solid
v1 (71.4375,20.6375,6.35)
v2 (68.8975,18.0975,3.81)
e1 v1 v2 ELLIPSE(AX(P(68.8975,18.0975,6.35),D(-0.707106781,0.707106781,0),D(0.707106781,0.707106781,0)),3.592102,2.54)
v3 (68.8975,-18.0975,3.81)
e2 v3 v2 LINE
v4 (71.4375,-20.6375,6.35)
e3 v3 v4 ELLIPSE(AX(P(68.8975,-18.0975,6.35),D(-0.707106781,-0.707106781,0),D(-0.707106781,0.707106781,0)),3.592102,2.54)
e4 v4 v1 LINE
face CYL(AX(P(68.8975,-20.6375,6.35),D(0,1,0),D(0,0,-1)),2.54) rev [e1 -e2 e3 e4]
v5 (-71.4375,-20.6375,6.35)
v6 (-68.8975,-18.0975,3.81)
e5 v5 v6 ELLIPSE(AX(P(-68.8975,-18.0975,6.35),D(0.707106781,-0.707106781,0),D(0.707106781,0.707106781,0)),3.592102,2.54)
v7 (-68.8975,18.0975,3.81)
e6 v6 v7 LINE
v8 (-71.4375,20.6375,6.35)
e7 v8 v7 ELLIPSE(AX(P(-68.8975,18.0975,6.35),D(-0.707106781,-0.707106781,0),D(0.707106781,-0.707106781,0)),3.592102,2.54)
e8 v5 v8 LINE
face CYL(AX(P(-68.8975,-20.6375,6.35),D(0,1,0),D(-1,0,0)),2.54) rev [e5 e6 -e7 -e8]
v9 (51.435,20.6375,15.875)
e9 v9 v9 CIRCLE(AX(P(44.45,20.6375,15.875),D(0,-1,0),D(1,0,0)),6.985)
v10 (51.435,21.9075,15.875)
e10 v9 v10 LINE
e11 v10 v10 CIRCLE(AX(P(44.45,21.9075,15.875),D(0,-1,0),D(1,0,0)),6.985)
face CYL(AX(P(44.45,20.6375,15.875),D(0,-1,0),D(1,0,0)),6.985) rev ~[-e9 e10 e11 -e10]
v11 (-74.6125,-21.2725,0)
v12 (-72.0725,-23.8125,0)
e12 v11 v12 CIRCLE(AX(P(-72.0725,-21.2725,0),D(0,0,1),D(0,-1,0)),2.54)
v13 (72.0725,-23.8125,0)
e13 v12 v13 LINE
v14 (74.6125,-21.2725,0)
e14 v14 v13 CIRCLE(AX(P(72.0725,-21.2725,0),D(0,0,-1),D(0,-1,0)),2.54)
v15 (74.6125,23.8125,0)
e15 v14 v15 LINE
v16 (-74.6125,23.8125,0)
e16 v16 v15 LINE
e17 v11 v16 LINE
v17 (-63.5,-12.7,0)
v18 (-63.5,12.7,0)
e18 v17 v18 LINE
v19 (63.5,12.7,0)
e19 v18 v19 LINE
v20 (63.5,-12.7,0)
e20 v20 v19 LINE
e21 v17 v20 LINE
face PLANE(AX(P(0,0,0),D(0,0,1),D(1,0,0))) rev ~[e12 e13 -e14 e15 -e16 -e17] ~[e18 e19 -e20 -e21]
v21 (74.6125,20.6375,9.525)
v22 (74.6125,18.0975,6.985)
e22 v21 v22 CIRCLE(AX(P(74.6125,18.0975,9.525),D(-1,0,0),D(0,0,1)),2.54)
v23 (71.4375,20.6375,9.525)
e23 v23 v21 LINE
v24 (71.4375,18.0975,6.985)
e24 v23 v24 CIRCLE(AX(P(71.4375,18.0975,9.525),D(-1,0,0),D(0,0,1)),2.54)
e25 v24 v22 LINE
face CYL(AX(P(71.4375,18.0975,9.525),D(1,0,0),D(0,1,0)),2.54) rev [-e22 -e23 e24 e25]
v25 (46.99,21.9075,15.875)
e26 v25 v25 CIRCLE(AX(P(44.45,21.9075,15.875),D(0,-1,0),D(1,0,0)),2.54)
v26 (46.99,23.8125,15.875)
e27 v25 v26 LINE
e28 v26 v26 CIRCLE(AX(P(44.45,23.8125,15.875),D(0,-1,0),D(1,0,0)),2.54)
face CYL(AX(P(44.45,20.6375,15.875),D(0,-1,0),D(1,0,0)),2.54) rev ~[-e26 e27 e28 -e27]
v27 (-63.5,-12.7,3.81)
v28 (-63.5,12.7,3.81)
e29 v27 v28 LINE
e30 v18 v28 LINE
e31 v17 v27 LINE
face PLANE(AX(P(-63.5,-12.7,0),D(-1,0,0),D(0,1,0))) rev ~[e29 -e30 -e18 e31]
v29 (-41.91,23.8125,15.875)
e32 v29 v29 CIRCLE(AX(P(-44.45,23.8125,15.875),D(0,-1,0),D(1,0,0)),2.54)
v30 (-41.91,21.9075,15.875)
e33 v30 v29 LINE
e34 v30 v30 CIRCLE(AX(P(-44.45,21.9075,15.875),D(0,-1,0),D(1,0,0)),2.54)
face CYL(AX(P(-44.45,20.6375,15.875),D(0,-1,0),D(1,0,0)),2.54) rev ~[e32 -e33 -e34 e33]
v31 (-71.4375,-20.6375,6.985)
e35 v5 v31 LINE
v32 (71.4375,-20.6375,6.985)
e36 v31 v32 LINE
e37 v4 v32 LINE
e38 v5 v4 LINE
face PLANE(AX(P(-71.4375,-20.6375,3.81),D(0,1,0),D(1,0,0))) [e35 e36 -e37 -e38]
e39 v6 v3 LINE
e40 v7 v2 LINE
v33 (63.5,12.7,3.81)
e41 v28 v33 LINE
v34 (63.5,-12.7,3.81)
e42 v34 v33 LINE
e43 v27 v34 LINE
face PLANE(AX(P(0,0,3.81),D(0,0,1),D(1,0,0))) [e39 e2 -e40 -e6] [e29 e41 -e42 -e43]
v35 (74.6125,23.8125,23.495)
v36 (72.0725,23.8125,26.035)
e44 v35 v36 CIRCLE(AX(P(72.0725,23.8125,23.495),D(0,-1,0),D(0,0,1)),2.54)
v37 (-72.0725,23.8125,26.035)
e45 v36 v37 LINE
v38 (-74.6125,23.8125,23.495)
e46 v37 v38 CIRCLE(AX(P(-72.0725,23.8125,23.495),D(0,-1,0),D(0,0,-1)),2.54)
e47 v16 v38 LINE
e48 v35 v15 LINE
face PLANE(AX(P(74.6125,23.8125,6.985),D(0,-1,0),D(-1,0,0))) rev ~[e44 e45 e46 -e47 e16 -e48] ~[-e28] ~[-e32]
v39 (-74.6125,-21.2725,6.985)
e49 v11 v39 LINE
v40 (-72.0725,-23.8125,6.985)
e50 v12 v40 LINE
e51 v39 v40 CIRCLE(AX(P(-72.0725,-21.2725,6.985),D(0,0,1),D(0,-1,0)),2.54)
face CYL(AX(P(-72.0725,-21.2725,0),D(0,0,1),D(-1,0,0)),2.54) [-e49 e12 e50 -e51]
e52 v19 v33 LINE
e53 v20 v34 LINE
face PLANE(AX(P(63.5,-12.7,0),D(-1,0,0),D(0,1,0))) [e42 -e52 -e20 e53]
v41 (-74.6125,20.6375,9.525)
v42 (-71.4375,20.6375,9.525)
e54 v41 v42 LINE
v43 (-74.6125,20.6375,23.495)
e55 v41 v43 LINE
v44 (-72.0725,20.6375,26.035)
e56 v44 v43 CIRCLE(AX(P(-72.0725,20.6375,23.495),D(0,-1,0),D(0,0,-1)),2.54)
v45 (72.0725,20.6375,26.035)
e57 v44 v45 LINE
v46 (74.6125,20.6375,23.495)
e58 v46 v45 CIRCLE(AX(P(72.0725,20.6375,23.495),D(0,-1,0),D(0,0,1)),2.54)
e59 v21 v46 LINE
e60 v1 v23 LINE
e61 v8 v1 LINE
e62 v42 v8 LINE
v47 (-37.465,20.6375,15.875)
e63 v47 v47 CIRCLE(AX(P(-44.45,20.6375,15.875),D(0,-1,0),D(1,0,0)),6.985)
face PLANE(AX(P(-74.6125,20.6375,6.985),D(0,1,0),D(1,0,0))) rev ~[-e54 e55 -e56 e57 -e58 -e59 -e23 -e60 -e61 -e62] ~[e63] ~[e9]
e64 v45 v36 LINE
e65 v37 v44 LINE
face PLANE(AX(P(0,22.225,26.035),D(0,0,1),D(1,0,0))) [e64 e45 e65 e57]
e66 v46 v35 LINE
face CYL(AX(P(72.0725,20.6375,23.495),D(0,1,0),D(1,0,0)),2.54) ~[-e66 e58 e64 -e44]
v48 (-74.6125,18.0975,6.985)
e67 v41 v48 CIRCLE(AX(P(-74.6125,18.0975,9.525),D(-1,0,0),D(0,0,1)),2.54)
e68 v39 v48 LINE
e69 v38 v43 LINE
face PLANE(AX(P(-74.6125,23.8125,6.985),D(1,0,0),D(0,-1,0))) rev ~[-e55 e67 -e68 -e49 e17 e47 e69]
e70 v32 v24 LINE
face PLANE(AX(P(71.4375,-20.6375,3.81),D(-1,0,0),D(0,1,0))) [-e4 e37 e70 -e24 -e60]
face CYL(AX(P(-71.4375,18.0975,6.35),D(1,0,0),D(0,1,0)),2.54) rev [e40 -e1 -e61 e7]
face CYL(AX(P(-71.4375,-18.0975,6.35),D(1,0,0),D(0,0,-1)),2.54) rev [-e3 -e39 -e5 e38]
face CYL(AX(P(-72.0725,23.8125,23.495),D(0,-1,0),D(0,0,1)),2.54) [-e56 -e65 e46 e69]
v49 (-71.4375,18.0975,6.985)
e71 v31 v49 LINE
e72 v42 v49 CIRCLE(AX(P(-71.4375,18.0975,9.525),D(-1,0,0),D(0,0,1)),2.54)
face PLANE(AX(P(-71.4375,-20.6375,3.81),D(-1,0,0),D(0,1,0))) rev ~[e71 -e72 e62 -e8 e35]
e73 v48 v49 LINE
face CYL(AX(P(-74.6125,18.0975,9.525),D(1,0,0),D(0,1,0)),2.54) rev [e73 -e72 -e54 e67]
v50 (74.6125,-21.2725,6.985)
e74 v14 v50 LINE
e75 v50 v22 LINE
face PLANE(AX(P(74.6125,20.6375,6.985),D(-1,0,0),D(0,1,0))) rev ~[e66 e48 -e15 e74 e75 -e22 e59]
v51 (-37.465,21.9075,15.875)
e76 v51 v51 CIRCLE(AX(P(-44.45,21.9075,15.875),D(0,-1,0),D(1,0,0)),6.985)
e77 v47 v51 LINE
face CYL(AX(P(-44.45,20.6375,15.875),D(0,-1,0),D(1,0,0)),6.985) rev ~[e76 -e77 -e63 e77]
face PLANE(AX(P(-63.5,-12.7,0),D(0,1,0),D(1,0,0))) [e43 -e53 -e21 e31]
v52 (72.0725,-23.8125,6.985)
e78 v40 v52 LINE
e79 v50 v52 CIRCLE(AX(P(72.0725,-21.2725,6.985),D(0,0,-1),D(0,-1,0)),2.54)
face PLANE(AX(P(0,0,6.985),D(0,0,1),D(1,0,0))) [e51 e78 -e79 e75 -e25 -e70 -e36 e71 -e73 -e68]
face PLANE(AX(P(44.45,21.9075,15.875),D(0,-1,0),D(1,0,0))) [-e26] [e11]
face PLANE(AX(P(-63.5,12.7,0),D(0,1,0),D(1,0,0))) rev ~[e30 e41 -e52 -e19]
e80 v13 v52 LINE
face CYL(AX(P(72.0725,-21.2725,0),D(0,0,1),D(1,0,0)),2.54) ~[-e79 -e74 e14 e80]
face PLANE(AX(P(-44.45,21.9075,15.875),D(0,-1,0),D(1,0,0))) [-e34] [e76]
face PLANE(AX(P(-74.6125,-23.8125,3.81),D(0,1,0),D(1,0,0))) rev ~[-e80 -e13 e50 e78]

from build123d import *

# Parameters (mm, degrees)
F0_W     = 149.225
F0_H     = 47.625
F0_W_2   = 127
F0_H_2   = 25.4
F1_DEPTH = 3.81
F2_W     = 149.225
F2_H     = 47.625
F2_W_2   = 142.875
F2_H_2   = 41.275
F3_DEPTH = 3.175
F5_DEPTH = 19.05
F6_R     = 2.54
F7_DEPTH = 25.4
F6_R_2   = 6.985
F8_DEPTH = 1.27
F9_R     = 2.54


with BuildPart() as f1:
    # F0 (on Top) → F1 (new body)
    with BuildSketch(Plane.XY):
        Rectangle(F0_W, F0_H)
        Rectangle(F0_W_2, F0_H_2, mode=Mode.SUBTRACT)
    extrude(amount=F1_DEPTH)

    # F2 (on face) → F3 (join)
    with BuildSketch(Plane.XY.offset(3.81)):
        Rectangle(F2_W, F2_H)
        Rectangle(F2_W_2, F2_H_2, mode=Mode.SUBTRACT)
    extrude(amount=F3_DEPTH)

    # F4 (on face) → F5 (join)
    with BuildSketch(Plane.XY.offset(6.985)):
        Polygon((74.6125, 23.8125), (-74.6125, 23.8125), (-74.6125, 20.6375), (-71.4375, 20.6375), (71.4375, 20.6375), (74.6125, 20.6375), align=None)
    extrude(amount=F5_DEPTH)

    # F6 (on face) → F7 (cut)
    with BuildSketch(Plane.XZ.offset(-20.6375)):
        with Locations((-44.45, 15.875)):
            Circle(F6_R)
        with Locations((44.45, 15.875)):
            Circle(F6_R)
    extrude(amount=-F7_DEPTH, mode=Mode.SUBTRACT)

    # F6 (on face) → F8 (cut)
    with BuildSketch(Plane.XZ.offset(-20.6375)):
        with Locations((-44.45, 15.875)):
            Circle(F6_R_2)
        with Locations((-44.45, 15.875)):
            Circle(F6_R, mode=Mode.SUBTRACT)
        with Locations((44.45, 15.875)):
            Circle(F6_R_2)
        with Locations((44.45, 15.875)):
            Circle(F6_R, mode=Mode.SUBTRACT)
    extrude(amount=-F8_DEPTH, mode=Mode.SUBTRACT)

    # F9
    f9_edges = [f1.edges().sort_by_distance(p)[0] for p in [
        (-73.025, 20.6375, 6.985),
        (73.025, 20.6375, 6.985),
        (0, 20.6375, 3.81),
        (74.6125, 22.225, 26.035),
        (-74.6125, 22.225, 26.035),
        (-74.6125, -23.8125, 3.4925),
        (74.6125, -23.8125, 3.4925),
        (71.4375, 0, 3.81),
        (-71.4375, 0, 3.81),
        (0, -20.6375, 3.81),
    ]]
    fillet(f9_edges, radius=F9_R)


solid = f1.part
